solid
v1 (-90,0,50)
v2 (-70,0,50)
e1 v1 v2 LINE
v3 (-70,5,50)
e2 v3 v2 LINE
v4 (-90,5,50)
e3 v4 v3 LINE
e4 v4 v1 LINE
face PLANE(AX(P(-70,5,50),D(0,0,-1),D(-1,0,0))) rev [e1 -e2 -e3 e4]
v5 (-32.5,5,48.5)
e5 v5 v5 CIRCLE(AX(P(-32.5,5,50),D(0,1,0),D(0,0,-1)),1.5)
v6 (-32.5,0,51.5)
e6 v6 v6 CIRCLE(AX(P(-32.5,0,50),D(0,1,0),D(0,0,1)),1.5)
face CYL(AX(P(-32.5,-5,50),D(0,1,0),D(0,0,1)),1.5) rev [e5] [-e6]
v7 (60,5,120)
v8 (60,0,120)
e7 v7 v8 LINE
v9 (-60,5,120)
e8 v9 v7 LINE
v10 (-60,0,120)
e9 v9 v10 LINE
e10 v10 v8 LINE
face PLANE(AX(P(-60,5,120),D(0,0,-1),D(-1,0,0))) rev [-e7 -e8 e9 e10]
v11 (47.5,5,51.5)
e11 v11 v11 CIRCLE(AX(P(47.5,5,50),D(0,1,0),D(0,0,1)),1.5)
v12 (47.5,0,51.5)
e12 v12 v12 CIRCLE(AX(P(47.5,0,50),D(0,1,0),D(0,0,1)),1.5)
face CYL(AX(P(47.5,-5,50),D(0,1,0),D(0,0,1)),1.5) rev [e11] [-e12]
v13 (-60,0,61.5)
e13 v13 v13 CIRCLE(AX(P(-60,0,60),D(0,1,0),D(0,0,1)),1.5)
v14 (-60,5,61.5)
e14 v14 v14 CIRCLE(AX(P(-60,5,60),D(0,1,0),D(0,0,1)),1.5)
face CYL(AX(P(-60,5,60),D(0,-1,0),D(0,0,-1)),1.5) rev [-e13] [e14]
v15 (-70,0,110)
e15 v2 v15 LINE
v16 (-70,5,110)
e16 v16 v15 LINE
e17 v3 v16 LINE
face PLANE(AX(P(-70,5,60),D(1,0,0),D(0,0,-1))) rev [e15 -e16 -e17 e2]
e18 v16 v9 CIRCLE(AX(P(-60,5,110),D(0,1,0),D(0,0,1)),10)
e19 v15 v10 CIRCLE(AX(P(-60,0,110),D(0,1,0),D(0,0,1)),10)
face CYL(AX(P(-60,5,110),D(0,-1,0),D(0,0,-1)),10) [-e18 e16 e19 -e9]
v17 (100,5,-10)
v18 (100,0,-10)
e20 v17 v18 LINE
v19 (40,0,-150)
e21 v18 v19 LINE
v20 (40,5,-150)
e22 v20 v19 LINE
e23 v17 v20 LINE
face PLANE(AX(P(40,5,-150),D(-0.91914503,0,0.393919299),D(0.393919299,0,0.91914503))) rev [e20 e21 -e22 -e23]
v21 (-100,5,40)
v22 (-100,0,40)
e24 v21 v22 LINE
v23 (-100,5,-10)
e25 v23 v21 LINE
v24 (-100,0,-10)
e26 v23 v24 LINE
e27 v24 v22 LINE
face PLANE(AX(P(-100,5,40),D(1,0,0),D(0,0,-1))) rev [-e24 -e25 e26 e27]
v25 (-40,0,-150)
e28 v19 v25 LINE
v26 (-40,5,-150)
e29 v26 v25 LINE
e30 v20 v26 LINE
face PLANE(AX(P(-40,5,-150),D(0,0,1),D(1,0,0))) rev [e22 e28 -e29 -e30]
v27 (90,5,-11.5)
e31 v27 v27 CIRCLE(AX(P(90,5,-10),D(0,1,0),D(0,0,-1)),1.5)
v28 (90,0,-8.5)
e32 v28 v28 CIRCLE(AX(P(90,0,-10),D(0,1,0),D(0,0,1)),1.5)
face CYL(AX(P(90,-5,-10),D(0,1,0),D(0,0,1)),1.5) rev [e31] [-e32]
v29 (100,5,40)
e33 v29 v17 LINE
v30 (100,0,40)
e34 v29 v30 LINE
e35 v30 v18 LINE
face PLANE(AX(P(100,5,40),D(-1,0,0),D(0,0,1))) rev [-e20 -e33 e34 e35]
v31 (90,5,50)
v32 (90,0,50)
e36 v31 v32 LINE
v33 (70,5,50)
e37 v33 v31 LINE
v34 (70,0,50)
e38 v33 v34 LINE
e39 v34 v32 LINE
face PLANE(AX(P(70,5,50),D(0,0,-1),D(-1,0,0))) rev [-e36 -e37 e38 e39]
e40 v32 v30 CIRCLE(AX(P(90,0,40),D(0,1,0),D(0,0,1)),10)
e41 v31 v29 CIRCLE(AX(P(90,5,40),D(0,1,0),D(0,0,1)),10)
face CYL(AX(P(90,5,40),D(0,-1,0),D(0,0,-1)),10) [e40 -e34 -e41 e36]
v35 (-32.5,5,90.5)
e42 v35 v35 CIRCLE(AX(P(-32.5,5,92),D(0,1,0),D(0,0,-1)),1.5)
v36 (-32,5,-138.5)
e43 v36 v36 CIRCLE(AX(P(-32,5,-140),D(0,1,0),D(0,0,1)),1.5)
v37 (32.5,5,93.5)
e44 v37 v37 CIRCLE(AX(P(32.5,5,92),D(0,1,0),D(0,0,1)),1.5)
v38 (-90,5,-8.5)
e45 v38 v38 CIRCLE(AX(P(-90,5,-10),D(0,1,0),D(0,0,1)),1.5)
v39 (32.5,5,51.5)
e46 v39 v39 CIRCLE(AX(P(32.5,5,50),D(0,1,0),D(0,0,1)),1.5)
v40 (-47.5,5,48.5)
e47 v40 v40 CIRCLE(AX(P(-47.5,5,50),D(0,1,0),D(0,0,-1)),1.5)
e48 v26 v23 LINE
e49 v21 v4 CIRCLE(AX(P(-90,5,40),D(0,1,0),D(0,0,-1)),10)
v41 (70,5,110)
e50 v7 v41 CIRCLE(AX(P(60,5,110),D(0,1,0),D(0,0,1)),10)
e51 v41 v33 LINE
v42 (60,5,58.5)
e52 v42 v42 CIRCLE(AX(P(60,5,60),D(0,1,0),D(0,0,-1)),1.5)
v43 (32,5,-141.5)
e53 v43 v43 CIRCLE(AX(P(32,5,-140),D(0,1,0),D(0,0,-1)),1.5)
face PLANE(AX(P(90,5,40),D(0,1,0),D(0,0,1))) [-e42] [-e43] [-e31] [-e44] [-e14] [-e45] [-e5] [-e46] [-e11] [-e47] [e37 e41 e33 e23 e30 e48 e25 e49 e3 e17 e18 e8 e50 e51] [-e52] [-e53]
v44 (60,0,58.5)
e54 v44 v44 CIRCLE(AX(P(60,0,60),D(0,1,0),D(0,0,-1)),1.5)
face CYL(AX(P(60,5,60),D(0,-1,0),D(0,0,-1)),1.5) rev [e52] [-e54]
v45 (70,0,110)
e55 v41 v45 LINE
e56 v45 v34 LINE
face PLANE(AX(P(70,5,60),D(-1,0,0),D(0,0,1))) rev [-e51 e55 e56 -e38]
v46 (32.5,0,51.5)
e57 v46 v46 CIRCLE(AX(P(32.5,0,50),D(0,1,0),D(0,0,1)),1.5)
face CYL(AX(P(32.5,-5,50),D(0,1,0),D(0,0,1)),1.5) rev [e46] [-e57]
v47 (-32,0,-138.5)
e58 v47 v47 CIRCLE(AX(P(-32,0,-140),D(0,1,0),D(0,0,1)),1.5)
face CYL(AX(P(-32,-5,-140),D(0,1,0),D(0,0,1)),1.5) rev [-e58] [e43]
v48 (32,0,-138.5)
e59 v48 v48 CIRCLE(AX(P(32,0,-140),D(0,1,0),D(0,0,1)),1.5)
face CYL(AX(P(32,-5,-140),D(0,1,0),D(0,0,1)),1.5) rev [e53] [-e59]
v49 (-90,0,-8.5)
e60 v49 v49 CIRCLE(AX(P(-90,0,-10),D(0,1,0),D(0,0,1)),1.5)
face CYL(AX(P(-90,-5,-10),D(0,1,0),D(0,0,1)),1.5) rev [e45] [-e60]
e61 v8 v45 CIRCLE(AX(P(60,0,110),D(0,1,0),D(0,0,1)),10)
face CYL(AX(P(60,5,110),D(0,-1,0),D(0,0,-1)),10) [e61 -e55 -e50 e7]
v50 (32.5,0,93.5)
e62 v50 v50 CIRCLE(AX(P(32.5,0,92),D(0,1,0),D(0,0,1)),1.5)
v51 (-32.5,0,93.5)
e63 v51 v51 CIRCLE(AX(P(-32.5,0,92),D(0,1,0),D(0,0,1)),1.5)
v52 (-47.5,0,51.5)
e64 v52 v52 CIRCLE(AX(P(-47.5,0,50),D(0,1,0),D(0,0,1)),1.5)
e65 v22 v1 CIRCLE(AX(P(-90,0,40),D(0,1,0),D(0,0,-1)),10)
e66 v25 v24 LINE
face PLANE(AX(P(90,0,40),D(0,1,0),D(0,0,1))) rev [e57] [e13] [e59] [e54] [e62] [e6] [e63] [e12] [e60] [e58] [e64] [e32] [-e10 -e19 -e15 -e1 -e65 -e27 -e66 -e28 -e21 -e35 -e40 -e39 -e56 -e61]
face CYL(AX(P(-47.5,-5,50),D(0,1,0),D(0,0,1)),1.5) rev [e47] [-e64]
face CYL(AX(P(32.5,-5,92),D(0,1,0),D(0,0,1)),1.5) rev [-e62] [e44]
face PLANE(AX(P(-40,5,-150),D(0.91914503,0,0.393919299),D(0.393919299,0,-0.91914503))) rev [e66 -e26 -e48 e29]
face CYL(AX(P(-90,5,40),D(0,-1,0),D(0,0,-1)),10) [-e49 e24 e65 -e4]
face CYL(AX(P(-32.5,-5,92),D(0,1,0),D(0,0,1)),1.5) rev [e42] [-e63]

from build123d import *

# Parameters (mm, degrees)
SKETCH1_R           = 1.5
BOSS_EXTRUDE1_DEPTH = 5
SKETCH8_R           = 1.5
CUT_EXTRUDE5_DEPTH  = 10
SKETCH9_R           = 1.5
CUT_EXTRUDE6_DEPTH  = 10


with BuildPart() as part:
    # Sketch1 → Boss-Extrude1 (new body)
    with BuildSketch(Plane(origin=(0, 0, 0), x_dir=(1, 0, 0), z_dir=(0, 1, 0))):
        with BuildLine():
            Line((100, -40), (100, 10))
            Line((100, 10), (40, 150))
            Line((40, 150), (-40, 150))
            Line((-40, 150), (-100, 10))
            Line((-100, 10), (-100, -40))
            ThreePointArc((-100, -40), (-97.071067812, -47.071067812), (-90, -50))
            Line((-90, -50), (-70, -50))
            Line((-70, -50), (-70, -60))
            Line((-70, -60), (-70, -110))
            ThreePointArc((-70, -110), (-67.071067812, -117.071067812), (-60, -120))
            Line((-60, -120), (60, -120))
            ThreePointArc((60, -120), (67.071067812, -117.071067812), (70, -110))
            Line((70, -110), (70, -60))
            Line((70, -60), (70, -50))
            Line((70, -50), (90, -50))
            ThreePointArc((90, -50), (97.071067812, -47.071067812), (100, -40))
        make_face()
        with Locations((-60, -60)):
            Circle(SKETCH1_R, mode=Mode.SUBTRACT)
        with Locations((60, -60)):
            Circle(SKETCH1_R, mode=Mode.SUBTRACT)
    extrude(amount=BOSS_EXTRUDE1_DEPTH)

    # Sketch8 → Cut-Extrude5 (cut)
    with BuildSketch(Plane(origin=(0, 5, 0), x_dir=(1, 0, 0), z_dir=(0, 1, 0))):
        with Locations((-90, 10)):
            Circle(SKETCH8_R)
        with Locations((-32, 140)):
            Circle(SKETCH8_R)
        with Locations((90, 10)):
            Circle(SKETCH8_R)
        with Locations((32, 140)):
            Circle(SKETCH8_R)
    extrude(amount=-CUT_EXTRUDE5_DEPTH, mode=Mode.SUBTRACT)

    # Sketch9 → Cut-Extrude6 (cut)
    with BuildSketch(Plane(origin=(0, 5, 0), x_dir=(1, 0, 0), z_dir=(0, 1, 0))):
        with Locations((47.5, -50)):
            Circle(SKETCH9_R)
        with Locations((32.5, -50)):
            Circle(SKETCH9_R)
        with Locations((32.5, -92)):
            Circle(SKETCH9_R)
        with Locations((-32.5, -50)):
            Circle(SKETCH9_R)
        with Locations((-32.5, -92)):
            Circle(SKETCH9_R)
        with Locations((-47.5, -50)):
            Circle(SKETCH9_R)
    extrude(amount=-CUT_EXTRUDE6_DEPTH, mode=Mode.SUBTRACT)


solid = part.part
